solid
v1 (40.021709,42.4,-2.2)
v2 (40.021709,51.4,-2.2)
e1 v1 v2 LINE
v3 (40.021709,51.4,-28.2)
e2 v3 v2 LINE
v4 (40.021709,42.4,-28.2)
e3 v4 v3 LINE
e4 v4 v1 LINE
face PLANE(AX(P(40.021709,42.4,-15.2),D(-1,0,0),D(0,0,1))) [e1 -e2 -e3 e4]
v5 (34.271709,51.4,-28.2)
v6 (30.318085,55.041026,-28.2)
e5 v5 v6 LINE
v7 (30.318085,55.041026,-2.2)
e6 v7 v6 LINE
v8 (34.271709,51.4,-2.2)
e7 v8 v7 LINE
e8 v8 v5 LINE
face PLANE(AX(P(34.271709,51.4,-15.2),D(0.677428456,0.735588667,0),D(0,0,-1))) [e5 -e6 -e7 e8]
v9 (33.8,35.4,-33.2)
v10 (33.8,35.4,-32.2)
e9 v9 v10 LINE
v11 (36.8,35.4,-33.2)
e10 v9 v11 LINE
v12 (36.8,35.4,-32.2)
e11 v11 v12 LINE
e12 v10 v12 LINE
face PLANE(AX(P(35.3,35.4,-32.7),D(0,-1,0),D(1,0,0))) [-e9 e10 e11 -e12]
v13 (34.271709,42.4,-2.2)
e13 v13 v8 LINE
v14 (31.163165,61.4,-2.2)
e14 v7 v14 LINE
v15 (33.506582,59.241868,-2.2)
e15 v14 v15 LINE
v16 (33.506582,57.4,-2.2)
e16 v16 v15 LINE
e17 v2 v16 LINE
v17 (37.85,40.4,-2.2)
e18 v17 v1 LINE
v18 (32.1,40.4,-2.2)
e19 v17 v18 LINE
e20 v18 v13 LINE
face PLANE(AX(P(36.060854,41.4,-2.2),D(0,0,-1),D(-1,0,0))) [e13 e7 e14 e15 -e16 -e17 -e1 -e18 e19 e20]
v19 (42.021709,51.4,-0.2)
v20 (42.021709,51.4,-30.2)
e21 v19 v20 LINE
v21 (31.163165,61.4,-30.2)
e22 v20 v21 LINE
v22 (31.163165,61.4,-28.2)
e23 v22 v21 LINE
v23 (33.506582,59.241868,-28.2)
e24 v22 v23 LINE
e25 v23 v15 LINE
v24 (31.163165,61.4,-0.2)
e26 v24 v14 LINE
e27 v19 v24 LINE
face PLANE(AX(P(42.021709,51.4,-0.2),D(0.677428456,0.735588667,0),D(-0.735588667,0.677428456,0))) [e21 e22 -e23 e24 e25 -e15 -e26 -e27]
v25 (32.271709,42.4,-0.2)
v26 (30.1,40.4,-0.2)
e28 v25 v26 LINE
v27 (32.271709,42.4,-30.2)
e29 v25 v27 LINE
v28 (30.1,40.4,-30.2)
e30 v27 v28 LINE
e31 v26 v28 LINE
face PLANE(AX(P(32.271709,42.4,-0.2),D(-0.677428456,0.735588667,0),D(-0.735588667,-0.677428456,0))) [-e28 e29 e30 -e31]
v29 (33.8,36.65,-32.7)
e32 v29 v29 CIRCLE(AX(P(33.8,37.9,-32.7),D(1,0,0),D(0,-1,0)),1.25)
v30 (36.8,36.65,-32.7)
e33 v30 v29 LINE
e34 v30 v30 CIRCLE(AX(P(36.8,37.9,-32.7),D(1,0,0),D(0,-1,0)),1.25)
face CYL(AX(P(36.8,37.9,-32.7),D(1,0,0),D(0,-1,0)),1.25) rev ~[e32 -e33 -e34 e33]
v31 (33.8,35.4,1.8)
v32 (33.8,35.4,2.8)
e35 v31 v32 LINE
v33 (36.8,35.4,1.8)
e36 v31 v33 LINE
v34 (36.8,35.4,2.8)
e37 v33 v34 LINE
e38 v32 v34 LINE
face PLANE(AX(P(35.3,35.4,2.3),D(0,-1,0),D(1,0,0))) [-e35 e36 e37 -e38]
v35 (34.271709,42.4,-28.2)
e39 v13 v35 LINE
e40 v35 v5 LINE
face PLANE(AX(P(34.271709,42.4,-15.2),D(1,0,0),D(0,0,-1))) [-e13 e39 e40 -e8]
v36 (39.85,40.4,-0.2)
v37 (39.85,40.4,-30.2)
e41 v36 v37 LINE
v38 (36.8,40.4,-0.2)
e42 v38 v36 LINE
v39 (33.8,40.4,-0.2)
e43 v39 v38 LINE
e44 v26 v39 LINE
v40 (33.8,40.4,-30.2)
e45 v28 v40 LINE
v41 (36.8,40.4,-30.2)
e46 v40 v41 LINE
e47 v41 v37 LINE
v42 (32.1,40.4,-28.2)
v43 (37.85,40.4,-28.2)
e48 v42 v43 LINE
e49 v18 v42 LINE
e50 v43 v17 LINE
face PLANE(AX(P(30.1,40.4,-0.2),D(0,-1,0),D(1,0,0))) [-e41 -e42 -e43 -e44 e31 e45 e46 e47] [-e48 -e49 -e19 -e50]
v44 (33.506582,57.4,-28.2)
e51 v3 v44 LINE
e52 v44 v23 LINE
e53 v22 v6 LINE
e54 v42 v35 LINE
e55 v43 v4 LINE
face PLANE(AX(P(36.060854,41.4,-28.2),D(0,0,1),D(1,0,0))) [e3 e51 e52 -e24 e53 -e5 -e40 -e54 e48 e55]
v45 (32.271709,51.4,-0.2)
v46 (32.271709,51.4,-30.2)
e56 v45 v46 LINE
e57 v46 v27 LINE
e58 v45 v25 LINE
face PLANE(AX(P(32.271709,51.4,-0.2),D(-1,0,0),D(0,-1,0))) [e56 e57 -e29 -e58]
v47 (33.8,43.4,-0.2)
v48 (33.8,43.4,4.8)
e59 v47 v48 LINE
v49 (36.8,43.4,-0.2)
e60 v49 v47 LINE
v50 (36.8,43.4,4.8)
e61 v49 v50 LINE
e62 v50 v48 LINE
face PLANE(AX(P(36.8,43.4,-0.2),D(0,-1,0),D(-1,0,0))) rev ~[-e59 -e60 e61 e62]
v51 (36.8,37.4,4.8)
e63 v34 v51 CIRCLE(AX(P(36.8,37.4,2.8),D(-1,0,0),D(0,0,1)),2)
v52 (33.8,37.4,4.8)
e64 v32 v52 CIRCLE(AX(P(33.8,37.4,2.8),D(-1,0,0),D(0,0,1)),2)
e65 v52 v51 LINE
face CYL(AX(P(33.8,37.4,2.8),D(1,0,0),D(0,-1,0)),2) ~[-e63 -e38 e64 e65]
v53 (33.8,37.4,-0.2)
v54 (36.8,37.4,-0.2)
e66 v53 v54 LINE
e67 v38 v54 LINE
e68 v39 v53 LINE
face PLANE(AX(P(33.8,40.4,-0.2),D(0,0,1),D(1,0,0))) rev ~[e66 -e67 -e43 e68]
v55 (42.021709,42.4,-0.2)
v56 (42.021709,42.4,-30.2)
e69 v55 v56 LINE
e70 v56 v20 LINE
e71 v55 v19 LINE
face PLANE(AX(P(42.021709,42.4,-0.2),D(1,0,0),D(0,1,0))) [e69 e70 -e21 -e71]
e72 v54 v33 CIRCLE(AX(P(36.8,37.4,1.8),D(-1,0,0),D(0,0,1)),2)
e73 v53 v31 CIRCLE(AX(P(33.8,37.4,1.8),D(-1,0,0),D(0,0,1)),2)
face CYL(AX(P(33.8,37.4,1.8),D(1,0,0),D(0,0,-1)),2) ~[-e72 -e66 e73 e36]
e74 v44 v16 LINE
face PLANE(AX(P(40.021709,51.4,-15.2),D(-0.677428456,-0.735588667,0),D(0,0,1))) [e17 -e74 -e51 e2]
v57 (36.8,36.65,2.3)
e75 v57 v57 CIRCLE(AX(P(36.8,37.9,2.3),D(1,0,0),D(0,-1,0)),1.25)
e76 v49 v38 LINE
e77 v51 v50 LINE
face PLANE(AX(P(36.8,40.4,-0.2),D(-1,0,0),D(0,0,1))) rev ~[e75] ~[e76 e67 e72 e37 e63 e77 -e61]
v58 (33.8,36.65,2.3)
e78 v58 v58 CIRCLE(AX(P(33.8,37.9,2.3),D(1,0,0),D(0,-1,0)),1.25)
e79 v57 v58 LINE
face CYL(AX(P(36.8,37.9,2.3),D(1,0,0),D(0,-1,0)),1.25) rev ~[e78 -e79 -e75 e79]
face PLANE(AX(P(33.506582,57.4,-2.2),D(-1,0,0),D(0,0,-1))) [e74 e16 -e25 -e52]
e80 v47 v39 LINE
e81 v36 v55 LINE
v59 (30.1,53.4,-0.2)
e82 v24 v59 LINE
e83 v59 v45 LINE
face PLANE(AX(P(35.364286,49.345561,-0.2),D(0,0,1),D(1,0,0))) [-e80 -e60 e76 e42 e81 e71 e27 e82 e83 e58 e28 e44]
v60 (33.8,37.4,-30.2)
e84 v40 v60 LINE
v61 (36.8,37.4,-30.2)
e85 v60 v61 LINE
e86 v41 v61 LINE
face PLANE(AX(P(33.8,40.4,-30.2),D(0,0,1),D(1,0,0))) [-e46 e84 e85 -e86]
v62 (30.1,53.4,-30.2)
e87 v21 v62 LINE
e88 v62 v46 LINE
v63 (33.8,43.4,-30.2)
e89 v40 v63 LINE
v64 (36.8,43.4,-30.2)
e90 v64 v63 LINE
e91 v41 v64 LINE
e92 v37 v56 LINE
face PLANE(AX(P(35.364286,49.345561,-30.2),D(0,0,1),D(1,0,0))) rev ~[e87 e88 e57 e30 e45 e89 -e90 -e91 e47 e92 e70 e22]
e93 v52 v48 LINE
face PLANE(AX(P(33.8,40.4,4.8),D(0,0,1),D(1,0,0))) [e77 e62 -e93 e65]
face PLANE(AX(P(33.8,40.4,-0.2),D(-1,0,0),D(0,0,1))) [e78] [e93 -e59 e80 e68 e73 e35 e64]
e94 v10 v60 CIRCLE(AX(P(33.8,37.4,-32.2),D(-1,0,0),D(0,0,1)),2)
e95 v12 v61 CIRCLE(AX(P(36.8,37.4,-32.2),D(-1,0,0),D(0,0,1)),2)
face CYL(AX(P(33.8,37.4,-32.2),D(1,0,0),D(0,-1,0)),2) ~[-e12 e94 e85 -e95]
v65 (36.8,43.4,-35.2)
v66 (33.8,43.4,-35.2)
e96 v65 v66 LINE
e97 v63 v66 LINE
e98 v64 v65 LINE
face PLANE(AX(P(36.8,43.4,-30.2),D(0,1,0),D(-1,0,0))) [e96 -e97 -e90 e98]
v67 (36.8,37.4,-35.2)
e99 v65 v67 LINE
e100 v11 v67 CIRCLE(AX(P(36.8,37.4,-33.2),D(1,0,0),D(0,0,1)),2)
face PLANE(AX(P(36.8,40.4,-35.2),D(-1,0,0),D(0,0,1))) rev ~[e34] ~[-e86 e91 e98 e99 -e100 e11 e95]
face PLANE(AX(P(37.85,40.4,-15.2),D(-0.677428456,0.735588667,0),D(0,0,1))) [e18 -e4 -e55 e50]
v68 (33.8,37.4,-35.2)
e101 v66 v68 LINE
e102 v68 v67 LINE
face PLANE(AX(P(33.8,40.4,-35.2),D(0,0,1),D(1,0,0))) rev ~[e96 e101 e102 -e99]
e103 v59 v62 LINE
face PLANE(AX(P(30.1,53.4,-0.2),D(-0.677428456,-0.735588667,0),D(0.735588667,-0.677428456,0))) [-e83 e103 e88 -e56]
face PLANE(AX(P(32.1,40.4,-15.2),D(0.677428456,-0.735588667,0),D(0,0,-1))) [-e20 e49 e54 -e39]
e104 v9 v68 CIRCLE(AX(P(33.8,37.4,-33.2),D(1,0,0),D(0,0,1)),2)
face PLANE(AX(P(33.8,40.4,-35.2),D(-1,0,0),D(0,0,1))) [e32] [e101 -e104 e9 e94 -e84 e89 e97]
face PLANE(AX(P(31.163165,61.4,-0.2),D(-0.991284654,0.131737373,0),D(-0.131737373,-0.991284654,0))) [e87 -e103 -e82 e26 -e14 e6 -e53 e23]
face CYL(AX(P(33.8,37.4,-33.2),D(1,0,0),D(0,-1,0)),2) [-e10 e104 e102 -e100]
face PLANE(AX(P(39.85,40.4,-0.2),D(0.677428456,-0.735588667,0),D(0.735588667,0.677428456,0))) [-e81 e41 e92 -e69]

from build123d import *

# Parameters (mm, degrees)
PAD012_DEPTH            = 30
SKETCH028_W             = 5.75
SKETCH028_H             = 26
SKETCH030_W             = 2.875
SKETCH030_H             = 26
POCKET011_DEPTH         = 5
SKETCH031_W             = 3
SKETCH031_H             = 3
PAD013_DEPTH            = 5
PAD013_FACE6_W          = 3
PAD013_FACE6_H          = 5
PAD014_DEPTH            = 5
SKETCH032_W             = 3
SKETCH032_H             = 3
PAD015_DEPTH            = 5
PAD015_FACE7_W          = 3
PAD015_FACE7_H          = 5
PAD016_DEPTH            = 5
SKETCH033_R             = 1.25
POCKET012_DEPTH         = 5
FILLET001_R             = 2
BODY003_PLACEMENT_ANGLE = 180


with BuildPart() as part:
    # Sketch027 → Pad012 (new body)
    with BuildSketch(Plane.XY):
        Polygon((-9.75, -21), (-11.9217087917, -19), (-11.9217087917, -10), (-1.063164833, 0), (0, -8), (-2.1717087917, -10), (-2.1717087917, -19), (0, -21), align=None)
    extrude(amount=PAD012_DEPTH)

    # SubtractivePipe001: sweep along a path in Sketch029
    with BuildLine(Plane.XY.offset(30)) as subtractivepipe001_path:
        Line((-4.875, -21), (-7.0467087917, -19))
        Line((-7.0467087917, -19), (-7.0467087917, -10))
        Line((-7.0467087917, -10), (-0.5315824165, -4))
    # Sketch028 (on Face8 of Pad012) → SubtractivePipe001 (sweep, cut)
    with BuildSketch(Plane.XZ.offset(21)):
        with Locations((-4.875, 15)):
            Rectangle(SKETCH028_W, SKETCH028_H)
    sweep(path=subtractivepipe001_path.line, mode=Mode.SUBTRACT)

    # Sketch030 (on Face22 of SubtractivePipe001) → Pocket011 (cut)
    with BuildSketch(Plane.XZ.offset(4)):
        with Locations((-1.9690824165, 15)):
            Rectangle(SKETCH030_W, SKETCH030_H)
    extrude(amount=-POCKET011_DEPTH, mode=Mode.SUBTRACT)

    # Sketch031 (on Face4 of Pocket011) → Pad013 (join)
    with BuildSketch(Plane(origin=(0, 0, 0), x_dir=(1, 0, 0), z_dir=(0, 0, -1))):
        with Locations((-5.2, 19.5)):
            Rectangle(SKETCH031_W, SKETCH031_H)
    extrude(amount=PAD013_DEPTH)

    # Pad013 Face6 → Pad014 (add)
    with BuildSketch(Plane(origin=(-5.2, -21, -2.5), x_dir=(-1, 0, 0), z_dir=(0, -1, 0))):
        Rectangle(PAD013_FACE6_W, PAD013_FACE6_H)
    extrude(amount=PAD014_DEPTH)

    # Sketch032 (on Face5 of Pad014) → Pad015 (join)
    with BuildSketch(Plane.XY.offset(30)):
        with Locations((-5.2, -19.5)):
            Rectangle(SKETCH032_W, SKETCH032_H)
    extrude(amount=PAD015_DEPTH)

    # Pad015 Face7 → Pad016 (add)
    with BuildSketch(Plane(origin=(-5.2, -21, 32.5), x_dir=(-1, 0, 0), z_dir=(0, -1, 0))):
        Rectangle(PAD015_FACE7_W, PAD015_FACE7_H)
    extrude(amount=PAD016_DEPTH)

    # Sketch033 → Pocket012 (cut)
    with BuildSketch(Plane(origin=(-6.7, 0, 0), x_dir=(0, -1, 0), z_dir=(-1, 0, 0))):
        with Locations((23.5, -2.5)):
            Circle(SKETCH033_R)
        with Locations((23.5, 32.5)):
            Circle(SKETCH033_R)
    extrude(amount=-POCKET012_DEPTH, mode=Mode.SUBTRACT)

    # Fillet001
    fillet001_edges = [part.edges().sort_by_distance(p)[0] for p in [
        (-5.2, -26, 35),
        (-5.2, -26, 30),
        (-5.2, -26, 0),
        (-5.2, -26, -5),
    ]]
    fillet(fillet001_edges, radius=FILLET001_R)


with BuildPart() as part_1:
    # Body003 placement: moved
    add(part.part.moved(Location((30.1, 61.4, -0.2))).rotate(Axis((30.1, 61.4, -0.2), (0, 1, 0)), BODY003_PLACEMENT_ANGLE))


solid = part_1.part
